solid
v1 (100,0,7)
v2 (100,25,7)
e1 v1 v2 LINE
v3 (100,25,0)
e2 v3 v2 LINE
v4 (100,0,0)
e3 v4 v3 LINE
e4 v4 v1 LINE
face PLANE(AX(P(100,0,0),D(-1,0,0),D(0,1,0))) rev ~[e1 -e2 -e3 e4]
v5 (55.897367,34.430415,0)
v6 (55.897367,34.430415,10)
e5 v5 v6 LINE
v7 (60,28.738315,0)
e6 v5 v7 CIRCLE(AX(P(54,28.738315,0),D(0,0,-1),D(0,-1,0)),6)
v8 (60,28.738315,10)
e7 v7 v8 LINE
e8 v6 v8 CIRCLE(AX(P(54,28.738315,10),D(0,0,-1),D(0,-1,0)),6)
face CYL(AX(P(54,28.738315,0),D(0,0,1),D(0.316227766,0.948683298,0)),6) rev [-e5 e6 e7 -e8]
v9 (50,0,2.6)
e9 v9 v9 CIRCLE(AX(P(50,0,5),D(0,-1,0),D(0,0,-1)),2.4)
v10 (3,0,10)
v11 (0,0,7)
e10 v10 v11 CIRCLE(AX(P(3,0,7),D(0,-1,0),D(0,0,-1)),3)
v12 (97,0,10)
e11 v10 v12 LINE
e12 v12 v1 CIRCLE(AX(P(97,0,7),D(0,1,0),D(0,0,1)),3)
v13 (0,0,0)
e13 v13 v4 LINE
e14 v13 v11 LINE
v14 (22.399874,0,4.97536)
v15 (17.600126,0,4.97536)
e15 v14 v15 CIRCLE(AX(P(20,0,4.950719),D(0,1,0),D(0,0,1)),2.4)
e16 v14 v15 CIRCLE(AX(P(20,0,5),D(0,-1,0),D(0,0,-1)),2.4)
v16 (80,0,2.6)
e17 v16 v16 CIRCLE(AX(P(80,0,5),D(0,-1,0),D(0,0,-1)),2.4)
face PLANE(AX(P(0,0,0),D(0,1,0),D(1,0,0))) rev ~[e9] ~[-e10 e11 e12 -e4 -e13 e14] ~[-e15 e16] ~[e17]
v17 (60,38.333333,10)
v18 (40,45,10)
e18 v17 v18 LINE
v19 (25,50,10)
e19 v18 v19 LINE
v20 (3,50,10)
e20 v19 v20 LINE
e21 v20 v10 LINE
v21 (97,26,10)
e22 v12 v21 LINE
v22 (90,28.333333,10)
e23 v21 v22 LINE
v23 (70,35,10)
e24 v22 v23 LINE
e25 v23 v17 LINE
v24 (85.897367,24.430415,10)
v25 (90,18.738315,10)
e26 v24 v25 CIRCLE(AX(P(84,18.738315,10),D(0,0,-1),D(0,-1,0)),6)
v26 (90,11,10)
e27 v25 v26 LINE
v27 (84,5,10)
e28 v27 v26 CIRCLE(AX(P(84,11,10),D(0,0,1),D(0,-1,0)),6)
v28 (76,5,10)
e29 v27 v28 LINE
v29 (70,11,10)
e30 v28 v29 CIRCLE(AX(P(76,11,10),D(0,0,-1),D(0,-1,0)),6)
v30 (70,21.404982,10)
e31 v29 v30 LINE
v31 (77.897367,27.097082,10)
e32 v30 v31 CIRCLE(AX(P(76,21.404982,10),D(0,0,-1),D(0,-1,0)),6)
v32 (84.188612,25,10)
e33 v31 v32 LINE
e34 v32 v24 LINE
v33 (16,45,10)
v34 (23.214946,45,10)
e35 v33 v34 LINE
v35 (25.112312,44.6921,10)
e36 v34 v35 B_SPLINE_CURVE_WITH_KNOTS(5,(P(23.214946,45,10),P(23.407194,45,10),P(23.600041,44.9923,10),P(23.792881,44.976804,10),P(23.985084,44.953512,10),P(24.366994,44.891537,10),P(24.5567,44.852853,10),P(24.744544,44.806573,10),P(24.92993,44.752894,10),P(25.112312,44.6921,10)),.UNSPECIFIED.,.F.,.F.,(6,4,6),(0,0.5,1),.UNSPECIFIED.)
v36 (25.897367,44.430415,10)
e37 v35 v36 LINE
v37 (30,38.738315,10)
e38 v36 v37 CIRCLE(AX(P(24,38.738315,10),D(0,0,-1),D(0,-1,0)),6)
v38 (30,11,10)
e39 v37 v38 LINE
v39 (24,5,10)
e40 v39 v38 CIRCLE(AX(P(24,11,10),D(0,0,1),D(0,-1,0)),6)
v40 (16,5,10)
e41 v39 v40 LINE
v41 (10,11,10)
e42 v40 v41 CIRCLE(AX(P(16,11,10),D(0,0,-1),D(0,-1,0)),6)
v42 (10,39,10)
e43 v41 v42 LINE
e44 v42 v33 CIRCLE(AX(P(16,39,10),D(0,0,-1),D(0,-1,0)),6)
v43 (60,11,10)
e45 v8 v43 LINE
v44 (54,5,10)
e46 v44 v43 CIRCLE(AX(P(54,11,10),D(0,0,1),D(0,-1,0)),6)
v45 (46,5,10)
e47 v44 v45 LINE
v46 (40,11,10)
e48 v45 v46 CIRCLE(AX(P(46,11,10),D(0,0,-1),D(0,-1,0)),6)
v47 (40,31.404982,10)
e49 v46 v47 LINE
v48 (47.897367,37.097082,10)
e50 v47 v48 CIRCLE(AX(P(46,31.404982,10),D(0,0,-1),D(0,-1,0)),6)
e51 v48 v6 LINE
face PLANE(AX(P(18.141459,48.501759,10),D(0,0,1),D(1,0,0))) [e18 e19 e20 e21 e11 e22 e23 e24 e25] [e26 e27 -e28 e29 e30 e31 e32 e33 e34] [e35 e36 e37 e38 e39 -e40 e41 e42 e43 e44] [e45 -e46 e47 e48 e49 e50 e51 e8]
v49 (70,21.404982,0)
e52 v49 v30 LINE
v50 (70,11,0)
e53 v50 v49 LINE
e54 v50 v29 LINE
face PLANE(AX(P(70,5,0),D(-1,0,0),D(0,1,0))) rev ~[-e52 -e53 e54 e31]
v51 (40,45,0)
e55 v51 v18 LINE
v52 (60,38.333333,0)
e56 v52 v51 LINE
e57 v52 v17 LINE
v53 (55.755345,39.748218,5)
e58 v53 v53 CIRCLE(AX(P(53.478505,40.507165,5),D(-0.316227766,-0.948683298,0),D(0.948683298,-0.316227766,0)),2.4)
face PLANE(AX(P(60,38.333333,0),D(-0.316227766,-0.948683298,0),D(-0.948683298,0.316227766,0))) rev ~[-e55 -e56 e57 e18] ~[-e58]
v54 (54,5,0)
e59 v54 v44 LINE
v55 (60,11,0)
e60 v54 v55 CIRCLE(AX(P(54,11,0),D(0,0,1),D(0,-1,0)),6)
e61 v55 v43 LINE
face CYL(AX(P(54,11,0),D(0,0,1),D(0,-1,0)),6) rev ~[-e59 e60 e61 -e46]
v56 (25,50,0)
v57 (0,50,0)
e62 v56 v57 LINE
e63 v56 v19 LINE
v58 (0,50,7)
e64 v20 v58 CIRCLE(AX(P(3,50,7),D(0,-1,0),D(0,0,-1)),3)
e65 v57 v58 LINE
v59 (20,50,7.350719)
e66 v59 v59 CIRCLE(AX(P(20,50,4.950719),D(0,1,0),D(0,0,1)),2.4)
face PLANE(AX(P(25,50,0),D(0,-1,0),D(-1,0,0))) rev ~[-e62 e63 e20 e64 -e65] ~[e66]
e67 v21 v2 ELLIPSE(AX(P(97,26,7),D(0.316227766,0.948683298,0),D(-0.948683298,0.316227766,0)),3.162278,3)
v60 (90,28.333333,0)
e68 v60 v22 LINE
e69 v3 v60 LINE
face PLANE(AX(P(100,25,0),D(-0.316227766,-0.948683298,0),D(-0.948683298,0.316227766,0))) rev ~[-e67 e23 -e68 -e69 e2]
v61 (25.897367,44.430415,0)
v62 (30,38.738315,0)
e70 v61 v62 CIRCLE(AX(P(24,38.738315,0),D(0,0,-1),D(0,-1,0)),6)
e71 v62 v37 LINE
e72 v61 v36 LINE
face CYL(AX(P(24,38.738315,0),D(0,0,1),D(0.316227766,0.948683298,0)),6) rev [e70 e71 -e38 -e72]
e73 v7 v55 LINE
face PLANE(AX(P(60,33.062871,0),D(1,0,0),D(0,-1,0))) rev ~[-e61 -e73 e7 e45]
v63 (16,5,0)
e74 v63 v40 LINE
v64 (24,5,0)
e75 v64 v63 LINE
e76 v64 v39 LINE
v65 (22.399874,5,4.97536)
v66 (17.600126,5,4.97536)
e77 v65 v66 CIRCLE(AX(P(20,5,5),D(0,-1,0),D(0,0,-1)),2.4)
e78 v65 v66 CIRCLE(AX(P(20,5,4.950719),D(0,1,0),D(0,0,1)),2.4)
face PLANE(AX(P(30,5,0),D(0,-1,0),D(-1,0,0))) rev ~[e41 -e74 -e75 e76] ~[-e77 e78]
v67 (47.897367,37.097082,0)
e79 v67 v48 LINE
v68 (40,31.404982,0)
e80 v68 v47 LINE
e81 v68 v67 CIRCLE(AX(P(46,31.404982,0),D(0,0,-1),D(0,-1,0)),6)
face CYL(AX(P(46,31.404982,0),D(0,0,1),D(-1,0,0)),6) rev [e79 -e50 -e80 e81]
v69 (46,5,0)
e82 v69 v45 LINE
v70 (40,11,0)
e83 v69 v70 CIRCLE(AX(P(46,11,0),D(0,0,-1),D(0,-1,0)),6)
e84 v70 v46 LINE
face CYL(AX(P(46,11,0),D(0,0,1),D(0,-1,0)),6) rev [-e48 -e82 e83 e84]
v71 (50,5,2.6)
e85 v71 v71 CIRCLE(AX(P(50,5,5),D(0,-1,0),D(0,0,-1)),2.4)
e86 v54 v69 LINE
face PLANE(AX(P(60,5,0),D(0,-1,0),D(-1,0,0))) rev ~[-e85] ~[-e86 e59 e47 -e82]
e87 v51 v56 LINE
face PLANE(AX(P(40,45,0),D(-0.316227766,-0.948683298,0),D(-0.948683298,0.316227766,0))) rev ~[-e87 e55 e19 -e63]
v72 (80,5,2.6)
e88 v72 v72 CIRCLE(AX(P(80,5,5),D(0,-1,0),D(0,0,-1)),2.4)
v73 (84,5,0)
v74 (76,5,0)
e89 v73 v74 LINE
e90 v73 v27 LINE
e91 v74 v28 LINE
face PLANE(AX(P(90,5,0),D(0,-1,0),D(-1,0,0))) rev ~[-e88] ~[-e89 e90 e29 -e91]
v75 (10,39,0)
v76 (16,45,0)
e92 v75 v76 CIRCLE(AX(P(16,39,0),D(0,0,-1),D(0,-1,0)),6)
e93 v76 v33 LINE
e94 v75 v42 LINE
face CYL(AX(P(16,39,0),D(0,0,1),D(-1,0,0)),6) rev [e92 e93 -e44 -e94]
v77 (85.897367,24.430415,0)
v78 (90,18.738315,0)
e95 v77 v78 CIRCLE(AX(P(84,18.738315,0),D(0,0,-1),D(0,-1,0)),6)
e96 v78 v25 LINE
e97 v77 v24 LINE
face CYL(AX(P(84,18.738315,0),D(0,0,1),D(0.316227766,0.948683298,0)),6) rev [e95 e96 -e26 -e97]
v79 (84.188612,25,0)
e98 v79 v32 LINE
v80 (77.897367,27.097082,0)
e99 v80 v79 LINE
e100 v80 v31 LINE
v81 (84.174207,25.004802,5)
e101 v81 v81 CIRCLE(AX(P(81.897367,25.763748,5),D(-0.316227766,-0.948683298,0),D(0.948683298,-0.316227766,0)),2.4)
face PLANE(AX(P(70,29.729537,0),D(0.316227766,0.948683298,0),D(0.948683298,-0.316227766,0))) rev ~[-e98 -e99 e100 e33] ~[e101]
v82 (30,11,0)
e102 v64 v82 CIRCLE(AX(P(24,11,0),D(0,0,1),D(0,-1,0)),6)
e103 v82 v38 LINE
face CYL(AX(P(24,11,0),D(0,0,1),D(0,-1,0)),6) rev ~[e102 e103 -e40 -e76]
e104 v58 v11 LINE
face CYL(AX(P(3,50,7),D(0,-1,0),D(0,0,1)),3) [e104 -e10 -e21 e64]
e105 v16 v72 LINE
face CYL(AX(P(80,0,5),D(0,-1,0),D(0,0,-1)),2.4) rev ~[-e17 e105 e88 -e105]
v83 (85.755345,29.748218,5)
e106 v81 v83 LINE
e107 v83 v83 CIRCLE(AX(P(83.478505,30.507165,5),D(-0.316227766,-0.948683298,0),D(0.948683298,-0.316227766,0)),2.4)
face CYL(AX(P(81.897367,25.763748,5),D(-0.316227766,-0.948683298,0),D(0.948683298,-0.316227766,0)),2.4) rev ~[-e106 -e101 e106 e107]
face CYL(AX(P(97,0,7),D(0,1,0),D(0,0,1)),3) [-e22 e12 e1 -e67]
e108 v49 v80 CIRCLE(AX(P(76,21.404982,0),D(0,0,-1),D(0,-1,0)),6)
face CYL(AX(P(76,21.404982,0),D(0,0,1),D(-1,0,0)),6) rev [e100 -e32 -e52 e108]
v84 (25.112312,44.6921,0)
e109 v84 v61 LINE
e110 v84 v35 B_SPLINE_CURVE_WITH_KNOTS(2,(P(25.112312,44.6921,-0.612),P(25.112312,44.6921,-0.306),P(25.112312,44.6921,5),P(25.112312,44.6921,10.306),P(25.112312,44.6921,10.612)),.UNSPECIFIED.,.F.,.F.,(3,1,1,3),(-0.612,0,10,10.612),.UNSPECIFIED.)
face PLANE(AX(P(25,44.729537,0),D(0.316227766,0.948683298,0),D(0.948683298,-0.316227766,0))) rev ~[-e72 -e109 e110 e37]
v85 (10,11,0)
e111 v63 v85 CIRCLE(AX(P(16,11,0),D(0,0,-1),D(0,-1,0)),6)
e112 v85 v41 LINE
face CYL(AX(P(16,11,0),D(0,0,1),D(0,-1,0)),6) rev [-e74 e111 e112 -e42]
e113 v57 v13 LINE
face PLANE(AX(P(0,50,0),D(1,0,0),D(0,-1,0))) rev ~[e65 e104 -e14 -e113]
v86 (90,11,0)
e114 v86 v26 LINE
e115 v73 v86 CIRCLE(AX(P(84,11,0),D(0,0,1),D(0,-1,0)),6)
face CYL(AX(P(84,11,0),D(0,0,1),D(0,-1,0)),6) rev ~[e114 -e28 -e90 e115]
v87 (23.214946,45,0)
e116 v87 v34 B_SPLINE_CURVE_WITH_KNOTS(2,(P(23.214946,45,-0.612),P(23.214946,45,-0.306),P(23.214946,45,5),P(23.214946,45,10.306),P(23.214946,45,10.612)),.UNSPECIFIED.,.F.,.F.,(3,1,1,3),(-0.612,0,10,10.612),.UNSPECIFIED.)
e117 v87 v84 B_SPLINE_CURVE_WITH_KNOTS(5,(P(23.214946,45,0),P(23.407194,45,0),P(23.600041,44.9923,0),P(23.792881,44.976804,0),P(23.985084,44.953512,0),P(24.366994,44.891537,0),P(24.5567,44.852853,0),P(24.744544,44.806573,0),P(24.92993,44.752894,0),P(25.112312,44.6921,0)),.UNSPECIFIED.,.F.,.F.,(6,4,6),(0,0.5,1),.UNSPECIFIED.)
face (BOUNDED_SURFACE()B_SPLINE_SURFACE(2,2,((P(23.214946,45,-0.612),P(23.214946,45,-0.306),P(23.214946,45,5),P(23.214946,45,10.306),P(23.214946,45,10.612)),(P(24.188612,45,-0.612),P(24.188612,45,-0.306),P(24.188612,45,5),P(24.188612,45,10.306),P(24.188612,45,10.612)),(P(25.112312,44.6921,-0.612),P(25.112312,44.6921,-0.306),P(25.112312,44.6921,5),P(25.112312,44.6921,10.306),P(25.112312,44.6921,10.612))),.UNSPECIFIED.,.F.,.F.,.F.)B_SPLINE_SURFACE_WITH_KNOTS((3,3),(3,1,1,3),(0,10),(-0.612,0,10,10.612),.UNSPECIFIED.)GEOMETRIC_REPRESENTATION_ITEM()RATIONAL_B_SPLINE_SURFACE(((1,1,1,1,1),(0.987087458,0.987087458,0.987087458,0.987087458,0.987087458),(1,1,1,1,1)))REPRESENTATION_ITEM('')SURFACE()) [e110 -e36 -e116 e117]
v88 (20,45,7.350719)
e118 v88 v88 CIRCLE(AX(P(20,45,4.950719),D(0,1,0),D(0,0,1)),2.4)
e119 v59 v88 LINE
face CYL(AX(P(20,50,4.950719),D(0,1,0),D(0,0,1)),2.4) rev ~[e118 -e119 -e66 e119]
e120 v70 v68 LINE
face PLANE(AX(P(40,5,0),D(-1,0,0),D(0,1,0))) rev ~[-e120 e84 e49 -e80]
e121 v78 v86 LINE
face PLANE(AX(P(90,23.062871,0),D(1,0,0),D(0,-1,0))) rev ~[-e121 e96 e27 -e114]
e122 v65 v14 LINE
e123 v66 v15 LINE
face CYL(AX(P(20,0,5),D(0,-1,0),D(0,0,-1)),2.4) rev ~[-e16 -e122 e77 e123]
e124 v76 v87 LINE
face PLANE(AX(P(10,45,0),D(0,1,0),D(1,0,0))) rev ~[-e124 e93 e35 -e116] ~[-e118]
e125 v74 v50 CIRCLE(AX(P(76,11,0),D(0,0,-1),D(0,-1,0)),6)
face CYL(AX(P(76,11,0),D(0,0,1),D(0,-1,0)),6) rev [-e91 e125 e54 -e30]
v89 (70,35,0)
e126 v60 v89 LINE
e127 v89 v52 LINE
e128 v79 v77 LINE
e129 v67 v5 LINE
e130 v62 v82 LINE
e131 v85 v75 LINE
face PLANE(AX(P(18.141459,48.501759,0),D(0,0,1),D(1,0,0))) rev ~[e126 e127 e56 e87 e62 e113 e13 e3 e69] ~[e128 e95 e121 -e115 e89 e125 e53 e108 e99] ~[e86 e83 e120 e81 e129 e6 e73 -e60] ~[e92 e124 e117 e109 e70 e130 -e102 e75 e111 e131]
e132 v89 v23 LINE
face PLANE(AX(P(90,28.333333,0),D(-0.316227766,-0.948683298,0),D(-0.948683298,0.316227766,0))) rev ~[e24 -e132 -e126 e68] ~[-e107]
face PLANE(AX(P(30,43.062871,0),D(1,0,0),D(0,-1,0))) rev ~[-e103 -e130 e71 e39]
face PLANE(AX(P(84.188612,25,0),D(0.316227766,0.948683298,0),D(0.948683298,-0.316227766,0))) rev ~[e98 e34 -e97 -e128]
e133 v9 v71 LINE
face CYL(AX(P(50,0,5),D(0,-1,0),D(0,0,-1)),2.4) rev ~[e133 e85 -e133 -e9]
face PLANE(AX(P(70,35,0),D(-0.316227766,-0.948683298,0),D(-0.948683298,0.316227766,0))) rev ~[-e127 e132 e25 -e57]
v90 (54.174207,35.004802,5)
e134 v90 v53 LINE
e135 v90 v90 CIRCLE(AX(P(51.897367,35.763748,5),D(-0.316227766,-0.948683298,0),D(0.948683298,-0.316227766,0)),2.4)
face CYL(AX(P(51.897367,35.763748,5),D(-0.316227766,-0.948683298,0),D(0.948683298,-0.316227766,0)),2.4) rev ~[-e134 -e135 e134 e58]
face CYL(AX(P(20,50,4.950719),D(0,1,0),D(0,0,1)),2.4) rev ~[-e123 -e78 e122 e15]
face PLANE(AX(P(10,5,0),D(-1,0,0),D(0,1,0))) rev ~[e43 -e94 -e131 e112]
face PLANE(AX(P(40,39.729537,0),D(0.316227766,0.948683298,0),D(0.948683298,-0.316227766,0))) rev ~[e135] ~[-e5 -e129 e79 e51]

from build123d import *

# Parameters (mm, degrees)
BOSS_EXTRU_1_DEPTH      = 10
CONG_1_R                = 6
ESQUISSE3_R             = 2.4
ENL_V_MAT_EXTRU_1_DEPTH = 10
ESQUISSE4_R             = 2.4
ENL_V_MAT_EXTRU_2_DEPTH = 10
ESQUISSE5_R             = 2.4
ENL_V_MAT_EXTRU_3_DEPTH = 113.249721603
CONG_2_R                = 3


with BuildPart() as part:
    # Esquisse1 → Boss.-Extru.1 (new body)
    with BuildSketch(Plane.XY):
        Polygon((25, 50), (9.188611699, 50), (24.188611699, 45), (25, 45), align=None)
        Polygon((40, 45), (25, 50), (25, 45), (30, 45), (30, 43.062870566), (40, 39.729537233), align=None)
        Polygon((25, 45), (25, 44.729537233), (30, 43.062870566), (30, 45), align=None)
        Polygon((24.188611699, 45), (25, 44.729537233), (25, 45), align=None)
        Polygon((0, 50), (0, 25), (10, 25), (10, 45), (24.188611699, 45), (9.188611699, 50), align=None)
        Polygon((0, 25), (0, 0), (25, 0), (25, 5), (10, 5), (10, 25), align=None)
        Polygon((25, 5), (25, 0), (100, 0), (100, 19.729537233), (90, 23.062870566), (90, 5), (70, 5), (70, 25), (60, 25), (60, 5), (40, 5), (40, 25), (30, 25), (30, 5), align=None)
        Polygon((30, 43.062870566), (30, 25), (40, 25), (40, 39.729537233), align=None)
        Polygon((60, 38.333333333), (40, 45), (40, 39.729537233), (60, 33.062870566), align=None)
        Polygon((70, 29.729537233), (70, 35), (60, 38.333333333), (60, 33.062870566), align=None)
        Polygon((60, 25), (70, 25), (70, 29.729537233), (60, 33.062870566), align=None)
        Polygon((84.188611699, 25), (90, 25), (90, 28.333333333), (70, 35), (70, 29.729537233), align=None)
        Polygon((90, 25), (100, 25), (90, 28.333333333), align=None)
        Polygon((90, 23.062870566), (100, 19.729537233), (100, 25), (90, 25), align=None)
        Polygon((84.188611699, 25), (90, 23.062870566), (90, 25), align=None)
    extrude(amount=BOSS_EXTRU_1_DEPTH)

    # Congé1
    cong_1_edges = [part.edges().sort_by_distance(p)[0] for p in [
        (40, 39.729537233, 5),
        (40, 5, 5),
        (60, 5, 5),
        (60, 33.062870566, 5),
        (30, 43.062870566, 5),
        (24.188611699, 45, 5),
        (10, 45, 5),
        (10, 5, 5),
        (30, 5, 5),
        (70, 29.729537233, 5),
        (70, 5, 5),
        (90, 5, 5),
        (90, 23.062870566, 5),
    ]]
    fillet(cong_1_edges, radius=CONG_1_R)

    # Esquisse3 → Enlèv. mat.-Extru.1 (cut)
    with BuildSketch(Plane(origin=(15.91886117, 47.75658351, 0), x_dir=(0.9486832980505138, -0.31622776601683805, 0), z_dir=(-0.31622776601683805, -0.9486832980505138, 0))):
        with Locations((37.924674652, 5)):
            Circle(ESQUISSE3_R)
        with Locations((69.547451254, 5)):
            Circle(ESQUISSE3_R)
    extrude(amount=-ENL_V_MAT_EXTRU_1_DEPTH, mode=Mode.SUBTRACT)

    # Esquisse4 → Enlèv. mat.-Extru.2 (cut)
    with BuildSketch(Plane.XZ):
        with Locations(Location((20, 5, 0), (0, 0, 270))):
            Circle(ESQUISSE4_R)
        with Locations(Location((50, 5, 0), (0, 0, 270))):
            Circle(ESQUISSE4_R)
        with Locations(Location((80, 5, 0), (0, 0, 270))):
            Circle(ESQUISSE4_R)
    extrude(amount=-ENL_V_MAT_EXTRU_2_DEPTH, mode=Mode.SUBTRACT)

    # Esquisse5 → Enlèv. mat.-Extru.3 (cut, through all)
    with BuildSketch(Plane(origin=(0, 50, 0), x_dir=(1, 0, 0), z_dir=(0, 1, 0))):
        with Locations(Location((20, -4.950719268, 0), (0, 0, 270))):
            Circle(ESQUISSE5_R)
    extrude(amount=-ENL_V_MAT_EXTRU_3_DEPTH, mode=Mode.SUBTRACT)

    # Congé2
    cong_2_edges = [part.edges().sort_by_distance(p)[0] for p in [
        (100, 12.5, 10),
        (0, 25, 10),
    ]]
    fillet(cong_2_edges, radius=CONG_2_R)


solid = part.part
